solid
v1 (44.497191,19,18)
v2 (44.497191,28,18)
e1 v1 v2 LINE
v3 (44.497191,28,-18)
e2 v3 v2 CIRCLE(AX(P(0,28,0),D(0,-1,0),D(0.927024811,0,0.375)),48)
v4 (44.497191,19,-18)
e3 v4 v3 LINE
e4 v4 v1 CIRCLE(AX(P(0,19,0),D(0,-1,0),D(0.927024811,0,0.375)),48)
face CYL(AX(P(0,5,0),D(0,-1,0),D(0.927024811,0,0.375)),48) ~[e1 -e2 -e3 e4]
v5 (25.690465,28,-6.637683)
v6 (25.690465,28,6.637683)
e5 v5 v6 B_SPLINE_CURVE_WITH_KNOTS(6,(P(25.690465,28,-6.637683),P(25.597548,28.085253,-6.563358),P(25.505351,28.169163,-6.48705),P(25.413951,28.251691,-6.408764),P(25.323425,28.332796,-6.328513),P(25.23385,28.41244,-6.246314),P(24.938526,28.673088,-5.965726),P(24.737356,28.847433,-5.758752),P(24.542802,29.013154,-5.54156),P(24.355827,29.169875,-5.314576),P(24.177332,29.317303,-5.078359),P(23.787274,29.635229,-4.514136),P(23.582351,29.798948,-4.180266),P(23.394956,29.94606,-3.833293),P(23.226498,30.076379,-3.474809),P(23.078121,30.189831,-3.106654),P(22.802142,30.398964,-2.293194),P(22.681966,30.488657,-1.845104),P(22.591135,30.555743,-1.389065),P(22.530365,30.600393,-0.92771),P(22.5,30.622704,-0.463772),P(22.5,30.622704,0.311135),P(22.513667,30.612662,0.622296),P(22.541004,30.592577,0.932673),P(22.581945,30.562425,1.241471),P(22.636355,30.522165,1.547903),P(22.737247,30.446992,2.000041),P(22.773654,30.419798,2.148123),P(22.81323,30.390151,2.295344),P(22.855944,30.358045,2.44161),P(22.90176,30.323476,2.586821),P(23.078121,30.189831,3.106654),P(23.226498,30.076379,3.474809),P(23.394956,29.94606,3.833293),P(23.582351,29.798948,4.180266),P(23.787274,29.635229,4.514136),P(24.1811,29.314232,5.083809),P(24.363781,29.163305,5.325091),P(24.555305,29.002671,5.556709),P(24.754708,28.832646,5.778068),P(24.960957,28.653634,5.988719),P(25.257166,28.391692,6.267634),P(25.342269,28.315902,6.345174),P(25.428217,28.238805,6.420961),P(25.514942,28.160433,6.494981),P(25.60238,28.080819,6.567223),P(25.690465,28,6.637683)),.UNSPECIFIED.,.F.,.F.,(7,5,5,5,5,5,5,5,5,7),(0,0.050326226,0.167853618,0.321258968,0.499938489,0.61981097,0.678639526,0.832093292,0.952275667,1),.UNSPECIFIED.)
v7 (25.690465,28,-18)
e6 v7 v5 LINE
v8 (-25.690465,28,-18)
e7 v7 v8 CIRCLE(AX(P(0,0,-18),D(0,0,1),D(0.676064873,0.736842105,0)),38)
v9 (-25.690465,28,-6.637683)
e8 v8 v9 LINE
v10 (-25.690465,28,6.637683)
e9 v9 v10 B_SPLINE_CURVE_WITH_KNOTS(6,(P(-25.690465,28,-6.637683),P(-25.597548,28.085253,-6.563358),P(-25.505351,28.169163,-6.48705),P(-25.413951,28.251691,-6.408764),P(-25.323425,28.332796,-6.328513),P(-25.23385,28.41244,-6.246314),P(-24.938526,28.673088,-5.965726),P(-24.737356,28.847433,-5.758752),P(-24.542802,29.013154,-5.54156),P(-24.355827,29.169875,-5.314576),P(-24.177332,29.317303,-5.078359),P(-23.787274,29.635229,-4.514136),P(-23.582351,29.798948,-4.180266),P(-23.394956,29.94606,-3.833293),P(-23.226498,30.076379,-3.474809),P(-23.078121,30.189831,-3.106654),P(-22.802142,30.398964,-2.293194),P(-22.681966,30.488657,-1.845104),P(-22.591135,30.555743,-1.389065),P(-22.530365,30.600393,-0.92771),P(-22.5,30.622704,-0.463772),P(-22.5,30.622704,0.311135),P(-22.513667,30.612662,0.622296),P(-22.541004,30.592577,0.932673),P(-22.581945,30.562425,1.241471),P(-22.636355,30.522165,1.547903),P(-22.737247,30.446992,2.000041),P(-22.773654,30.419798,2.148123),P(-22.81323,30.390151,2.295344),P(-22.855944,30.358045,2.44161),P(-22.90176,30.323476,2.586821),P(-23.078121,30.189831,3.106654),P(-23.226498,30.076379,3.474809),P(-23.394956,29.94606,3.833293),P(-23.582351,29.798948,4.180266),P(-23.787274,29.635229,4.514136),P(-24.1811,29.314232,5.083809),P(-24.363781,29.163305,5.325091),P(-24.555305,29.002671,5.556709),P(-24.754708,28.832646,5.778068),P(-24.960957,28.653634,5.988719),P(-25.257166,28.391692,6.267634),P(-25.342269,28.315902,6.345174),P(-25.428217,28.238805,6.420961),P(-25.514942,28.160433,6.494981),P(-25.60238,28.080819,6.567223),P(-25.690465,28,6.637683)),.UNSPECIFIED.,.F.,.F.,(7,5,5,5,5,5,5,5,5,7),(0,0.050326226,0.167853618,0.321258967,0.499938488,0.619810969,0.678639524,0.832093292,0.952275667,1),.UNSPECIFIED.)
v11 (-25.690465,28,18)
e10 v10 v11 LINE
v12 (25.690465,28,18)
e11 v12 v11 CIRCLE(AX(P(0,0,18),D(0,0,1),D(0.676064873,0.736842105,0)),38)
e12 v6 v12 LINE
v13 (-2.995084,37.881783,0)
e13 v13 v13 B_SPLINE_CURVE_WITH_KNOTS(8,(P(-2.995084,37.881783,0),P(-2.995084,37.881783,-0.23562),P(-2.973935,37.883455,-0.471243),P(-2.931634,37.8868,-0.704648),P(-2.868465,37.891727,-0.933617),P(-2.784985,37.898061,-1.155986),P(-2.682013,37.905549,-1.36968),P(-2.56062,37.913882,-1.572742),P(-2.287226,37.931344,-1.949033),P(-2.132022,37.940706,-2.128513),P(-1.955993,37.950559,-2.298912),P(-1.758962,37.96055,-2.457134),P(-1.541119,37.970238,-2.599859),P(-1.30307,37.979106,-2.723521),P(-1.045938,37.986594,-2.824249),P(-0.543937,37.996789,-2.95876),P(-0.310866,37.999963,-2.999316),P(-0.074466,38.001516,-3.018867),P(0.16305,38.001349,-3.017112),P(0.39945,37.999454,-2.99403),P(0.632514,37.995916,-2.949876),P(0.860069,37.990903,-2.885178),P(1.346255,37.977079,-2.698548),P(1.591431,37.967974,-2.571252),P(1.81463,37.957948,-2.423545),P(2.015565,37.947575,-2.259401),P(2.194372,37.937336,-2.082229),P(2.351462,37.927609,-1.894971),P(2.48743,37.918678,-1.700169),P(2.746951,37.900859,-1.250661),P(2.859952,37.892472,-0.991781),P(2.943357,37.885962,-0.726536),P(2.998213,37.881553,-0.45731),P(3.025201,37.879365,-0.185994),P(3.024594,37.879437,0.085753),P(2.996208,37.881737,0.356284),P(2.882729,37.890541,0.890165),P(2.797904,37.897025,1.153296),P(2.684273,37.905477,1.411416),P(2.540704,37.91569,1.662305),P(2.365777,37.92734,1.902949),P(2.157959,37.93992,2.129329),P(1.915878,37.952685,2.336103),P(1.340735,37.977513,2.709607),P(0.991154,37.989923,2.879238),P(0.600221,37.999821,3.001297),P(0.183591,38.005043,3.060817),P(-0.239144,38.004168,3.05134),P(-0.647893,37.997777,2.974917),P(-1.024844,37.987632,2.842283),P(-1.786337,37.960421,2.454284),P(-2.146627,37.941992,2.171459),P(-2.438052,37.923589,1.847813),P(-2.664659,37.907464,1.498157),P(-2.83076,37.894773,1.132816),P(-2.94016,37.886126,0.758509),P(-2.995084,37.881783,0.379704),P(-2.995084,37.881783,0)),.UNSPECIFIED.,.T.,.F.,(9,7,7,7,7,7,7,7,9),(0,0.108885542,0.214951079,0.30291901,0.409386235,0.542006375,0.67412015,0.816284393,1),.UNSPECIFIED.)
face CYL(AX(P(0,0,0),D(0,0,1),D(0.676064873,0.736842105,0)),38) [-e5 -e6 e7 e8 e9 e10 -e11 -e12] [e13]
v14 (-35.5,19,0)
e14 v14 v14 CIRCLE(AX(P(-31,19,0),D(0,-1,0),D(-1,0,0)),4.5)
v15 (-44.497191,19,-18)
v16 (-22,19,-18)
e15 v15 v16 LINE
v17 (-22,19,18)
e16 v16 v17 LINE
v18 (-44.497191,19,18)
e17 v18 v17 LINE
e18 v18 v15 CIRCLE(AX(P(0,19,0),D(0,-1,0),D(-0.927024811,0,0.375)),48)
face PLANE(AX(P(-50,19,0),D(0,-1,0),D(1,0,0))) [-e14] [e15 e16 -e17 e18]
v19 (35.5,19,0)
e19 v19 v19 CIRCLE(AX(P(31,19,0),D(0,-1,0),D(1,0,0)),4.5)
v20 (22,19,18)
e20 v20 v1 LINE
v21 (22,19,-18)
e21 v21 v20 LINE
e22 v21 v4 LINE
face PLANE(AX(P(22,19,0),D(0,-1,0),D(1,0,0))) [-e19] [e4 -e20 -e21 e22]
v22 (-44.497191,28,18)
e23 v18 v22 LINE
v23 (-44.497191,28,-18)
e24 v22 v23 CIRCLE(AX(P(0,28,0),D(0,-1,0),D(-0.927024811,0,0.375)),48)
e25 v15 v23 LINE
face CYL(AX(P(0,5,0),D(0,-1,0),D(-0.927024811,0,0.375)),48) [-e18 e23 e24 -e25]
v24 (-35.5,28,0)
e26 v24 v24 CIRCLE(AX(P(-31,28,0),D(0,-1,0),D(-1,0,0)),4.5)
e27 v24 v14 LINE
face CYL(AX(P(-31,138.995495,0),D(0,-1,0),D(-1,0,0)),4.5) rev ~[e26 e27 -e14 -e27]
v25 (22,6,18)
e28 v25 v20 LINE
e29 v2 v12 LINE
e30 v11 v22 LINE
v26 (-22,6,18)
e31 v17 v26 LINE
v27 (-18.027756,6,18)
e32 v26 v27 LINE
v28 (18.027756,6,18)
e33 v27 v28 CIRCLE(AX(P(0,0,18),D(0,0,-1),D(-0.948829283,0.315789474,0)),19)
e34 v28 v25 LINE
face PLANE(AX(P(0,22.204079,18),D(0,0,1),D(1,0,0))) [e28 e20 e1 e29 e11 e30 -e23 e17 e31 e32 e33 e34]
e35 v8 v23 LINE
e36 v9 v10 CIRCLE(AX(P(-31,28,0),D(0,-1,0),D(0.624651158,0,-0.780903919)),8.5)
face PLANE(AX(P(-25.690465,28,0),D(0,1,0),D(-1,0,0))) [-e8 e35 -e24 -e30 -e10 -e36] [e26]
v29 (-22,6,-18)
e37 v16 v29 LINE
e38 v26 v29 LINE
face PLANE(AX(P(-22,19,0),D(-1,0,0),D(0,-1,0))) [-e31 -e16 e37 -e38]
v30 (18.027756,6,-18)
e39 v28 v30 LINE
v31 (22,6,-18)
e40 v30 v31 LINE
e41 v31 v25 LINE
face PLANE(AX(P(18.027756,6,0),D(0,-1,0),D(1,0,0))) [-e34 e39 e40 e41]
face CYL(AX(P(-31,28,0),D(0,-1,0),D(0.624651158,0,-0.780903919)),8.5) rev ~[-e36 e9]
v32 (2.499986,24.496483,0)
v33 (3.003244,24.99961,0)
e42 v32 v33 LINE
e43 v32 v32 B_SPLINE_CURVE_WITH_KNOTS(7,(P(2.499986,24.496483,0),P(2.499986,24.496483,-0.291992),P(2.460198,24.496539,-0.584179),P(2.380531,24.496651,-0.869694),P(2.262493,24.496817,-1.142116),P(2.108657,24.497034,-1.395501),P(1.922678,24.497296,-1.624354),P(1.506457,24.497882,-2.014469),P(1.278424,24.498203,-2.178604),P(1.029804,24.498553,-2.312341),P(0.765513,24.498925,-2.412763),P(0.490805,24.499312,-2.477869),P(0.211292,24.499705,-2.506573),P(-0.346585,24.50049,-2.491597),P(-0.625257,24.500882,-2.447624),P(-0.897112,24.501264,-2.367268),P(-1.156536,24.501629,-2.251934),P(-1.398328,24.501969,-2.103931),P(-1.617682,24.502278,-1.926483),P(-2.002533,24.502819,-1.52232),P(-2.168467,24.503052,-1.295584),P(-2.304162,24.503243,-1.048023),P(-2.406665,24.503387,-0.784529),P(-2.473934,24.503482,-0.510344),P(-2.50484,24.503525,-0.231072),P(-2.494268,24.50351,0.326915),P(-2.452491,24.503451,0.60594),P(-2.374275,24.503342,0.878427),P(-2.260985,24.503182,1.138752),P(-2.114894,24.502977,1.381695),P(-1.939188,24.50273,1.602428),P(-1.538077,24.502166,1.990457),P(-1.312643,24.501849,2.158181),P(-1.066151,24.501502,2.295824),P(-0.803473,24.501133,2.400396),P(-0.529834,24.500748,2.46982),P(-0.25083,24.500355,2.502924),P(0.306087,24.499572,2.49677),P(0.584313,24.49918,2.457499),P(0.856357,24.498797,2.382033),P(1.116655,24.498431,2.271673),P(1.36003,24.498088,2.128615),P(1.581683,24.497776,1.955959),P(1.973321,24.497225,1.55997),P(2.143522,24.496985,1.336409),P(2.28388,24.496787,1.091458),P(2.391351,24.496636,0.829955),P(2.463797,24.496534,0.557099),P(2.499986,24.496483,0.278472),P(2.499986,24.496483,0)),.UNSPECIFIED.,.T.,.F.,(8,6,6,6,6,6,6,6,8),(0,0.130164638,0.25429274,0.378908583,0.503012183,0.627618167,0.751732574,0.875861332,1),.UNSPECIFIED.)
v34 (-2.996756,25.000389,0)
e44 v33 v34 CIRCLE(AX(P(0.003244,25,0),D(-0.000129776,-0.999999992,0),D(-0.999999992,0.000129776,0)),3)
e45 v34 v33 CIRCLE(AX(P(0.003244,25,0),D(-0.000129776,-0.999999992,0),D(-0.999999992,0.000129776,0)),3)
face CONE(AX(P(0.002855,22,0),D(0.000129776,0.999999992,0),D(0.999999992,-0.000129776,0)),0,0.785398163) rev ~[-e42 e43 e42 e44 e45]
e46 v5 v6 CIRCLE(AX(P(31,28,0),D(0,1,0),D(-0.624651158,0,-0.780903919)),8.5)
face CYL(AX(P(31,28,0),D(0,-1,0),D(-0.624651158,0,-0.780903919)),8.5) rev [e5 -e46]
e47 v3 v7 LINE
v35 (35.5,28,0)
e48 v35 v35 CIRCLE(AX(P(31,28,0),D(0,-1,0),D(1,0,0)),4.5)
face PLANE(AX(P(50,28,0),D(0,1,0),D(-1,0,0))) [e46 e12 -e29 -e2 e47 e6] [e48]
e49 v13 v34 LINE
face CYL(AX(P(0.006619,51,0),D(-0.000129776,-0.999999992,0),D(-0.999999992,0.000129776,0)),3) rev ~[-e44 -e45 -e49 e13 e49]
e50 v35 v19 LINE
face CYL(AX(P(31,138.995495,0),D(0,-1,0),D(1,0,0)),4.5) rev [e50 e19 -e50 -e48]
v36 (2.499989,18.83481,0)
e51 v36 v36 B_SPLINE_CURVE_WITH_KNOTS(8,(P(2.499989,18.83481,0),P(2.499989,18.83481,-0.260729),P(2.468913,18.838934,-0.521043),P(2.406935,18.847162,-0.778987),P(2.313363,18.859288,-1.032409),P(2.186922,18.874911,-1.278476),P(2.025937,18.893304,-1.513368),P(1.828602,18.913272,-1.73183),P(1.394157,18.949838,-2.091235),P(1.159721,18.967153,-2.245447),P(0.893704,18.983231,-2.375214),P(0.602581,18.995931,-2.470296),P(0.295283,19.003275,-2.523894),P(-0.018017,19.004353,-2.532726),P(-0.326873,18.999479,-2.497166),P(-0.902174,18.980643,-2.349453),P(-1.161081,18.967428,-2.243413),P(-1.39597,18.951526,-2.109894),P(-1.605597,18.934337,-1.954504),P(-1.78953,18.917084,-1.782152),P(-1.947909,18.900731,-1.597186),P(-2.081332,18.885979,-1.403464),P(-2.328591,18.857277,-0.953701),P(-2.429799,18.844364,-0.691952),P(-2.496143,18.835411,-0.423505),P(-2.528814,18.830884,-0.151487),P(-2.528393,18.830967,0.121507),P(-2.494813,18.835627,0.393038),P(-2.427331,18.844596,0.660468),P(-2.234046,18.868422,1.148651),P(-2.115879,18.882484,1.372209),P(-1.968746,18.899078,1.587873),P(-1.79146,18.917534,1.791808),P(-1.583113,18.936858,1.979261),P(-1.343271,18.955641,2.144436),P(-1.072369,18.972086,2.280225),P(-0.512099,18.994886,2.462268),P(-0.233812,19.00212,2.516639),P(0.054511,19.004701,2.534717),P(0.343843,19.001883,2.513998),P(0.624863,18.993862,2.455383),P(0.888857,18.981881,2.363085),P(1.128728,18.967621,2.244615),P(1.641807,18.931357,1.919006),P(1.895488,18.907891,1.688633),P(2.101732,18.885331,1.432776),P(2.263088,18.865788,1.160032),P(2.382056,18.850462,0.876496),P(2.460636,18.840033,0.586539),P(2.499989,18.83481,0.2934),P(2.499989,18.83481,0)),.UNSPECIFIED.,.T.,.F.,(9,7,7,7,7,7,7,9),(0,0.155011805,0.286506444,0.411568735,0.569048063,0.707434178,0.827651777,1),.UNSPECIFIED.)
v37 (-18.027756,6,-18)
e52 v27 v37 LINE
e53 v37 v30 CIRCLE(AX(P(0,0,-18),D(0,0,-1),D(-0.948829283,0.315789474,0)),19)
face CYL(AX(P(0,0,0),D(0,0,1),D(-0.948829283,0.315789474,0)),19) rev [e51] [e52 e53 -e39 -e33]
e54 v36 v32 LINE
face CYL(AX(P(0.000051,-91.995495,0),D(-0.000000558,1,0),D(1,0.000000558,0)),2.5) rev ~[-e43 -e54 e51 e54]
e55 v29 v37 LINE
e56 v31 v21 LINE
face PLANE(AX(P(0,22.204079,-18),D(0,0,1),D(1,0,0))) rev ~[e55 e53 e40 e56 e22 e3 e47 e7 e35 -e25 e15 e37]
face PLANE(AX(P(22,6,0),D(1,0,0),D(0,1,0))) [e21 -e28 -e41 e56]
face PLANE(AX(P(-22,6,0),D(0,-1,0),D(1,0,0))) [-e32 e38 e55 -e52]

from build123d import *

# Parameters (mm, degrees)
BOSS_EXTRUDE1_DEPTH                 = 18
F_6_0MM_DOWEL_HOLE1_D               = 9
CUT_EXTRUDE2_DEPTH                  = 10
F_6_0MM_DOWEL_HOLE2_D               = 6
F_6_0MM_DOWEL_HOLE2_DEPTH           = 13
F_6_0MM_DOWEL_HOLE2_TIP             = 3
F_6_0MM_DOWEL_HOLE2_ON_FACE_2_D     = 6
F_6_0MM_DOWEL_HOLE2_ON_FACE_2_DEPTH = 13
F_6_0MM_DOWEL_HOLE2_ON_FACE_2_TIP   = 3
F_5_0MM_DOWEL_HOLE2_D               = 5
CUT_EXTRUDE3_START                  = -23.0000001
CUT_EXTRUDE3_DEPTH                  = 34.000000209


with BuildPart() as part:
    # Sketch1 → Boss-Extrude1 (new body, symmetric)
    with BuildSketch(Plane.XY):
        with BuildLine():
            Line((18.027756377, 6), (22, 6))
            Line((22, 6), (22, 19))
            Line((22, 19), (50, 19))
            Line((50, 19), (50, 28))
            Line((50, 28), (25.690465157, 28))
            ThreePointArc((25.690465157, 28), (0, 38), (-25.690465157, 28))
            Line((-25.690465157, 28), (-50, 28))
            Line((-50, 28), (-50, 19))
            Line((-50, 19), (-22, 19))
            Line((-22, 19), (-22, 6))
            Line((-22, 6), (-18.027756377, 6))
            ThreePointArc((-18.027756377, 6), (0, 19), (18.027756377, 6))
        make_face()
    extrude(amount=BOSS_EXTRUDE1_DEPTH, both=True)

    # Ø6.0mm Dowel Hole1 (through all)
    with Locations(Plane(origin=(0, 28, 0), x_dir=(1, 0, 0), z_dir=(0, 1, 0))):
        with Locations((-31, 0)):
            f_6_0mm_dowel_hole1 = Hole(F_6_0MM_DOWEL_HOLE1_D / 2)

    # Mirror1: Ø6.0mm Dowel Hole1 across plane
    add(f_6_0mm_dowel_hole1.mirror(Plane(origin=(0, 0, 0), x_dir=(0, 0, 1), z_dir=(1, 0, 0))), mode=Mode.SUBTRACT)

    # Sketch6 → Cut-Extrude2 (cut)
    with BuildSketch(Plane(origin=(0, 28, 0), x_dir=(1, 0, 0), z_dir=(0, 1, 0))):
        with BuildLine():
            Line((-25.690465157, -6.637683312), (-25.690465157, 6.637683312))
            ThreePointArc((-25.690465157, 6.637683312), (-22.5, 0), (-25.690465157, -6.637683312))
        make_face()
    cut_extrude2 = extrude(amount=CUT_EXTRUDE2_DEPTH, mode=Mode.SUBTRACT)

    # Mirror3: Cut-Extrude2 across plane
    add(cut_extrude2.mirror(Plane(origin=(0, 0, 0), x_dir=(0, 0, 1), z_dir=(1, 0, 0))), mode=Mode.SUBTRACT)

    # Ø6.0mm Dowel Hole2
    with Locations(Plane(origin=(0.004931503, 37.99999968, 0), x_dir=(0.999999992, -0.000129776, 0), z_dir=(0.000129776, 0.999999992, 0))):
        with Locations((0, 0)):
            Hole(F_6_0MM_DOWEL_HOLE2_D / 2, depth=F_6_0MM_DOWEL_HOLE2_DEPTH)
            with Locations((0, 0, -(F_6_0MM_DOWEL_HOLE2_DEPTH + F_6_0MM_DOWEL_HOLE2_TIP / 2))):  # 90° drill point
                Cone(0, F_6_0MM_DOWEL_HOLE2_D / 2, F_6_0MM_DOWEL_HOLE2_TIP, mode=Mode.SUBTRACT)

    # Ø6.0mm Dowel Hole2 on face 2
    with Locations(Plane(origin=(0, 0, 0), x_dir=(0.999999992, -0.000129776, 0), z_dir=(0.000129776, 0.999999992, 0))):
        with Locations((0, 0)):
            Hole(F_6_0MM_DOWEL_HOLE2_ON_FACE_2_D / 2, depth=F_6_0MM_DOWEL_HOLE2_ON_FACE_2_DEPTH)
            with Locations((0, 0, -(F_6_0MM_DOWEL_HOLE2_ON_FACE_2_DEPTH + F_6_0MM_DOWEL_HOLE2_ON_FACE_2_TIP / 2))):  # 90° drill point
                Cone(0, F_6_0MM_DOWEL_HOLE2_ON_FACE_2_D / 2, F_6_0MM_DOWEL_HOLE2_ON_FACE_2_TIP, mode=Mode.SUBTRACT)

    # Ø5.0mm Dowel Hole2 (through all)
    with Locations(Plane(origin=(-1.0606e-05, 19, 0), x_dir=(-1, -5.58e-07, 0), z_dir=(5.58e-07, -1, 0))):
        with Locations((0, 0)):
            Hole(F_5_0MM_DOWEL_HOLE2_D / 2)

    # Sketch12 → Cut-Extrude3 (cut)
    with BuildSketch(Plane(origin=(0, 28, 0), x_dir=(1, 0, 0), z_dir=(0, 1, 0)).offset(CUT_EXTRUDE3_START)):
        with BuildLine():
            Line((35.09453238, -214.75600598), (-44.497190923, -18))
            ThreePointArc((-44.497190923, -18), (-48, 0), (-44.497190923, 18))
            Line((-44.497190923, 18), (35.09453238, 214.75600598))
            Line((35.09453238, 214.75600598), (-389.394658565, 214.75600598))
            Line((-389.394658565, 214.75600598), (-389.394658565, -214.75600598))
            Line((-389.394658565, -214.75600598), (35.09453238, -214.75600598))
        make_face()
    cut_extrude3 = extrude(amount=CUT_EXTRUDE3_DEPTH, mode=Mode.SUBTRACT)

    # Mirror4: Cut-Extrude3 across plane
    add(cut_extrude3.mirror(Plane(origin=(0, 0, 0), x_dir=(0, 0, 1), z_dir=(1, 0, 0))), mode=Mode.SUBTRACT)


solid = part.part
